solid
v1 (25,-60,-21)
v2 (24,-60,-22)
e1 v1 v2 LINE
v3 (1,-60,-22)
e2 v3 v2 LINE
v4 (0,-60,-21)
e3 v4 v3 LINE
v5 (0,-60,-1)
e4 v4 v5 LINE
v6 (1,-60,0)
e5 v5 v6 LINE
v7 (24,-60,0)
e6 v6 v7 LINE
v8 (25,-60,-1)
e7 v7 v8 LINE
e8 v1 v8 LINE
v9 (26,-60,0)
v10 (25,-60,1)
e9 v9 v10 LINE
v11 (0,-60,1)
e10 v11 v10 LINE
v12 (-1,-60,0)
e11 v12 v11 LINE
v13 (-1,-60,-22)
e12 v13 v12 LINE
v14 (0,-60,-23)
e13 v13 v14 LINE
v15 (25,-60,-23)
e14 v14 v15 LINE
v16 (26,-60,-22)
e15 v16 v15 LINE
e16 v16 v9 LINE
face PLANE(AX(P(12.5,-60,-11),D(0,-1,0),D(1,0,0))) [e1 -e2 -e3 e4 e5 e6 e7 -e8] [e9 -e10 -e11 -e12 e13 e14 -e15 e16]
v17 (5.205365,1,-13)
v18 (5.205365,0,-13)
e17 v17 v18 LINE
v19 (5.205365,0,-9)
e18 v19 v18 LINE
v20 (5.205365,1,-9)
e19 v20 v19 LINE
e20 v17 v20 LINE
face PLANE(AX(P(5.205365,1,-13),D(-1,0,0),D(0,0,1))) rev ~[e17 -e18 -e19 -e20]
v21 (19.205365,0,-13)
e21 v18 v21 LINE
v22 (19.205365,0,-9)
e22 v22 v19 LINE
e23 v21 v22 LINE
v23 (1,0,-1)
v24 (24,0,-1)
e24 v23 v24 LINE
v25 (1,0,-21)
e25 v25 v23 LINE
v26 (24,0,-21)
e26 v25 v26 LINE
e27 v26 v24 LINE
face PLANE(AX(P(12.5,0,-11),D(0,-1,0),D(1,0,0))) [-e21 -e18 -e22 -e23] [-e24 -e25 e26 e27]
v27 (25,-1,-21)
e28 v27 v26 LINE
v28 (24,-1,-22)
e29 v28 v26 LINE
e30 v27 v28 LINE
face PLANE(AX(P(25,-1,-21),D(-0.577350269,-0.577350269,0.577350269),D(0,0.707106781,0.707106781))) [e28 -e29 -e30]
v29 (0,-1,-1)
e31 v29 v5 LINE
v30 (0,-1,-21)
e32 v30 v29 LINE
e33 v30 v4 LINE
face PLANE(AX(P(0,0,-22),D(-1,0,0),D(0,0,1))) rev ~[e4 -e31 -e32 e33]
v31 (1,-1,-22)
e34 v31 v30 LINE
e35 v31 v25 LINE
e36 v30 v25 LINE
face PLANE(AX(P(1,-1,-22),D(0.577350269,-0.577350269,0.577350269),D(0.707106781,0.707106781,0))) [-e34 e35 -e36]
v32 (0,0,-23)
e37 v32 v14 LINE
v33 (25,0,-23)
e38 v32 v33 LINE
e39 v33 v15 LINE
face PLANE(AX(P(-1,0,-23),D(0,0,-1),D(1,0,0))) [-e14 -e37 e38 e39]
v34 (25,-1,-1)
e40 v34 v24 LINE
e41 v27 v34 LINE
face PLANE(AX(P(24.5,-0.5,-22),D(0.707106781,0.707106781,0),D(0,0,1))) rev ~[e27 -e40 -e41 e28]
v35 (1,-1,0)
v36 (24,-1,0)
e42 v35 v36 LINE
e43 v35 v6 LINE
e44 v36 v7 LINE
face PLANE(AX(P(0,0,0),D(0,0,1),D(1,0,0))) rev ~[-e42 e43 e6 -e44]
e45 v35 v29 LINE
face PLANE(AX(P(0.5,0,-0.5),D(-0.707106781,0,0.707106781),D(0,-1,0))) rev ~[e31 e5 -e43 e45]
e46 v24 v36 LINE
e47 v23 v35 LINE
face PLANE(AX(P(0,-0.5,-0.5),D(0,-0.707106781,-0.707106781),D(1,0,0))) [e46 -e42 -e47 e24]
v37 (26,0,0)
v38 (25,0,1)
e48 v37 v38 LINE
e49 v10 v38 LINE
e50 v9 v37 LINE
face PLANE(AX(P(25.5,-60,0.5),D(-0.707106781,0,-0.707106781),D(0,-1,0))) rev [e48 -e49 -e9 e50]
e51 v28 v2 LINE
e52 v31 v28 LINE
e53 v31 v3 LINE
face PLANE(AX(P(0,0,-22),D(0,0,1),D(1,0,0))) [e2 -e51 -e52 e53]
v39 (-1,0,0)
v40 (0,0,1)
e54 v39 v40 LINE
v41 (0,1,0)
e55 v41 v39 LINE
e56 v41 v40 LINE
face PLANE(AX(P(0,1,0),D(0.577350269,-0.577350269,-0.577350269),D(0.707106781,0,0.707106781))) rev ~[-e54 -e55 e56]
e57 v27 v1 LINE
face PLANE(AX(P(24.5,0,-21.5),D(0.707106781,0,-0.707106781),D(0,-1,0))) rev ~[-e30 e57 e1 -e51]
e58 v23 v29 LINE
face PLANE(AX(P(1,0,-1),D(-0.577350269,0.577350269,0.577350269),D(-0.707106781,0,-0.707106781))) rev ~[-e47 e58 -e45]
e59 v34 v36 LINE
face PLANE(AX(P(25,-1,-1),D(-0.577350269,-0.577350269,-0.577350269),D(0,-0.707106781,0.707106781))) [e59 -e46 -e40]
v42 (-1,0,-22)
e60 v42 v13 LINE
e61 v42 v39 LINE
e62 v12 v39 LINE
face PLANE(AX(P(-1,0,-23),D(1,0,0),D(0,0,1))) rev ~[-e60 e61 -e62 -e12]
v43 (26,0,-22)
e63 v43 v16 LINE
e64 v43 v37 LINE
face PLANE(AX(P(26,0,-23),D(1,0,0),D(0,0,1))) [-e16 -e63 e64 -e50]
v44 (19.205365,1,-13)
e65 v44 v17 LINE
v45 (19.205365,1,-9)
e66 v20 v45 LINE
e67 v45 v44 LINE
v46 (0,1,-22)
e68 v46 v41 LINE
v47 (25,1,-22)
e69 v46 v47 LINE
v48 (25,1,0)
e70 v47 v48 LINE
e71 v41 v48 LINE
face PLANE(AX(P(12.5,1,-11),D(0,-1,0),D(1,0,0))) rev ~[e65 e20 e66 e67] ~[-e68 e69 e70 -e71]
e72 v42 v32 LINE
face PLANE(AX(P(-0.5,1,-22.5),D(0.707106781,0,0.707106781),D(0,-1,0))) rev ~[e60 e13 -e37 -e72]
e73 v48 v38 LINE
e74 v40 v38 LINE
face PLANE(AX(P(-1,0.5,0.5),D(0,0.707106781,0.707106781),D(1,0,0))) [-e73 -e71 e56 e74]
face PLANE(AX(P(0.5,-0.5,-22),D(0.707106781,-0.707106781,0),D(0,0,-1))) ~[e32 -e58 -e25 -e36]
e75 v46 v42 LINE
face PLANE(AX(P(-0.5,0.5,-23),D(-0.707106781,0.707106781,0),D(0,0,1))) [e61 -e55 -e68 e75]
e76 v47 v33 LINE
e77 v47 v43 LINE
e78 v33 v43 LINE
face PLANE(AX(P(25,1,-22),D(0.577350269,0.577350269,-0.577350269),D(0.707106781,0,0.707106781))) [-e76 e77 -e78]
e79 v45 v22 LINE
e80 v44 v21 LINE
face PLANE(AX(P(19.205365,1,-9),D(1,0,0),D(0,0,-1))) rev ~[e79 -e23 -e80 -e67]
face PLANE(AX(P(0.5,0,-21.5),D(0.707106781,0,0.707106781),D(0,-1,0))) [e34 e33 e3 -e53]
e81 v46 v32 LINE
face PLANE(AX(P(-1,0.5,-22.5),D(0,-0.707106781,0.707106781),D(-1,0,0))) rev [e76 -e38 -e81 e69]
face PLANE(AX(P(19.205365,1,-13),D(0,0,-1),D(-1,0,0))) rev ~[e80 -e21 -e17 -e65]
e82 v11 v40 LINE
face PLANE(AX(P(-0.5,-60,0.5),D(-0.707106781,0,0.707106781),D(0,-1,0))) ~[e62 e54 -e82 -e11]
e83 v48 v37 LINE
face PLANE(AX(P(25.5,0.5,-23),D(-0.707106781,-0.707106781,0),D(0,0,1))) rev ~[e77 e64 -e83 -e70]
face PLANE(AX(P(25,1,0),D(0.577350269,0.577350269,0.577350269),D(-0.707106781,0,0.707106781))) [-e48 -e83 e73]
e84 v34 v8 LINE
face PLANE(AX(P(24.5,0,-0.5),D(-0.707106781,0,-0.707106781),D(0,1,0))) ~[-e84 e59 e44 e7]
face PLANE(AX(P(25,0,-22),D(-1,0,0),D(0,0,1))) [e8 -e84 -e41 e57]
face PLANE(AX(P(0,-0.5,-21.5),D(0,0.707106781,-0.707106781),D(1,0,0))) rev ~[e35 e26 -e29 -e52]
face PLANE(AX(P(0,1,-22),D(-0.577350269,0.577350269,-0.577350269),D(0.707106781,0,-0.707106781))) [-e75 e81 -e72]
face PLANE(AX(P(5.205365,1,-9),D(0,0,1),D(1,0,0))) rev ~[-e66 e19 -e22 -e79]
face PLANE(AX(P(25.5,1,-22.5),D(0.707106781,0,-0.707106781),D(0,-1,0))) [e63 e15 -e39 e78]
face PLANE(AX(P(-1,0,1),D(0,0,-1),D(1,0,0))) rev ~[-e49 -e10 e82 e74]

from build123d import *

# Parameters (mm, degrees)
F0_W     = 27
F0_H     = 24
F0_W_2   = 25
F0_H_2   = 22
F1_DEPTH = 60
F2_DEPTH = 1
F3_SIZE  = 1
F5_DEPTH = 25


with BuildPart() as f1:
    # F0 (on Front) → F1 (new body)
    with BuildSketch(Plane.XZ):
        with Locations((12.5, -11)):
            Rectangle(F0_W, F0_H)
        with Locations((12.5, -11)):
            Rectangle(F0_W_2, F0_H_2, mode=Mode.SUBTRACT)
    extrude(amount=F1_DEPTH)

    # F0 (on Front) → F2 (join)
    with BuildSketch(Plane.XZ):
        with Locations((12.5, -11)):
            Rectangle(F0_W, F0_H)
        with Locations((12.5, -11)):
            Rectangle(F0_W_2, F0_H_2, mode=Mode.SUBTRACT)
        with Locations((12.5, -11)):
            Rectangle(F0_W_2, F0_H_2)
    extrude(amount=-F2_DEPTH)

    # F3
    f3_edges = [f1.edges().sort_by_distance(p)[0] for p in [
        (0, -30, 0),
        (12.5, 0, 0),
        (0, 0, -11),
        (0, -30, -22),
        (12.5, 0, -22),
        (25, -30, -22),
        (25, 0, -11),
        (25, -30, 0),
        (-1, -29.5, 1),
        (-1, -29.5, -23),
        (-1, 1, -11),
        (26, -29.5, -23),
        (26, -29.5, 1),
        (12.5, 1, -23),
        (26, 1, -11),
        (12.5, 1, 1),
    ]]
    chamfer(f3_edges, length=F3_SIZE)

    # F4 (on face) → F5 (cut)
    with BuildSketch(Plane(origin=(0, 1, 0), x_dir=(-1, 0, 0), z_dir=(0, 1, 0))):
        Polygon((-19.20536533, -11), (-19.20536533, -13), (-5.20536533, -13), (-5.20536533, -9), (-19.20536533, -9), align=None)
    extrude(amount=-F5_DEPTH, mode=Mode.SUBTRACT)


solid = f1.part
